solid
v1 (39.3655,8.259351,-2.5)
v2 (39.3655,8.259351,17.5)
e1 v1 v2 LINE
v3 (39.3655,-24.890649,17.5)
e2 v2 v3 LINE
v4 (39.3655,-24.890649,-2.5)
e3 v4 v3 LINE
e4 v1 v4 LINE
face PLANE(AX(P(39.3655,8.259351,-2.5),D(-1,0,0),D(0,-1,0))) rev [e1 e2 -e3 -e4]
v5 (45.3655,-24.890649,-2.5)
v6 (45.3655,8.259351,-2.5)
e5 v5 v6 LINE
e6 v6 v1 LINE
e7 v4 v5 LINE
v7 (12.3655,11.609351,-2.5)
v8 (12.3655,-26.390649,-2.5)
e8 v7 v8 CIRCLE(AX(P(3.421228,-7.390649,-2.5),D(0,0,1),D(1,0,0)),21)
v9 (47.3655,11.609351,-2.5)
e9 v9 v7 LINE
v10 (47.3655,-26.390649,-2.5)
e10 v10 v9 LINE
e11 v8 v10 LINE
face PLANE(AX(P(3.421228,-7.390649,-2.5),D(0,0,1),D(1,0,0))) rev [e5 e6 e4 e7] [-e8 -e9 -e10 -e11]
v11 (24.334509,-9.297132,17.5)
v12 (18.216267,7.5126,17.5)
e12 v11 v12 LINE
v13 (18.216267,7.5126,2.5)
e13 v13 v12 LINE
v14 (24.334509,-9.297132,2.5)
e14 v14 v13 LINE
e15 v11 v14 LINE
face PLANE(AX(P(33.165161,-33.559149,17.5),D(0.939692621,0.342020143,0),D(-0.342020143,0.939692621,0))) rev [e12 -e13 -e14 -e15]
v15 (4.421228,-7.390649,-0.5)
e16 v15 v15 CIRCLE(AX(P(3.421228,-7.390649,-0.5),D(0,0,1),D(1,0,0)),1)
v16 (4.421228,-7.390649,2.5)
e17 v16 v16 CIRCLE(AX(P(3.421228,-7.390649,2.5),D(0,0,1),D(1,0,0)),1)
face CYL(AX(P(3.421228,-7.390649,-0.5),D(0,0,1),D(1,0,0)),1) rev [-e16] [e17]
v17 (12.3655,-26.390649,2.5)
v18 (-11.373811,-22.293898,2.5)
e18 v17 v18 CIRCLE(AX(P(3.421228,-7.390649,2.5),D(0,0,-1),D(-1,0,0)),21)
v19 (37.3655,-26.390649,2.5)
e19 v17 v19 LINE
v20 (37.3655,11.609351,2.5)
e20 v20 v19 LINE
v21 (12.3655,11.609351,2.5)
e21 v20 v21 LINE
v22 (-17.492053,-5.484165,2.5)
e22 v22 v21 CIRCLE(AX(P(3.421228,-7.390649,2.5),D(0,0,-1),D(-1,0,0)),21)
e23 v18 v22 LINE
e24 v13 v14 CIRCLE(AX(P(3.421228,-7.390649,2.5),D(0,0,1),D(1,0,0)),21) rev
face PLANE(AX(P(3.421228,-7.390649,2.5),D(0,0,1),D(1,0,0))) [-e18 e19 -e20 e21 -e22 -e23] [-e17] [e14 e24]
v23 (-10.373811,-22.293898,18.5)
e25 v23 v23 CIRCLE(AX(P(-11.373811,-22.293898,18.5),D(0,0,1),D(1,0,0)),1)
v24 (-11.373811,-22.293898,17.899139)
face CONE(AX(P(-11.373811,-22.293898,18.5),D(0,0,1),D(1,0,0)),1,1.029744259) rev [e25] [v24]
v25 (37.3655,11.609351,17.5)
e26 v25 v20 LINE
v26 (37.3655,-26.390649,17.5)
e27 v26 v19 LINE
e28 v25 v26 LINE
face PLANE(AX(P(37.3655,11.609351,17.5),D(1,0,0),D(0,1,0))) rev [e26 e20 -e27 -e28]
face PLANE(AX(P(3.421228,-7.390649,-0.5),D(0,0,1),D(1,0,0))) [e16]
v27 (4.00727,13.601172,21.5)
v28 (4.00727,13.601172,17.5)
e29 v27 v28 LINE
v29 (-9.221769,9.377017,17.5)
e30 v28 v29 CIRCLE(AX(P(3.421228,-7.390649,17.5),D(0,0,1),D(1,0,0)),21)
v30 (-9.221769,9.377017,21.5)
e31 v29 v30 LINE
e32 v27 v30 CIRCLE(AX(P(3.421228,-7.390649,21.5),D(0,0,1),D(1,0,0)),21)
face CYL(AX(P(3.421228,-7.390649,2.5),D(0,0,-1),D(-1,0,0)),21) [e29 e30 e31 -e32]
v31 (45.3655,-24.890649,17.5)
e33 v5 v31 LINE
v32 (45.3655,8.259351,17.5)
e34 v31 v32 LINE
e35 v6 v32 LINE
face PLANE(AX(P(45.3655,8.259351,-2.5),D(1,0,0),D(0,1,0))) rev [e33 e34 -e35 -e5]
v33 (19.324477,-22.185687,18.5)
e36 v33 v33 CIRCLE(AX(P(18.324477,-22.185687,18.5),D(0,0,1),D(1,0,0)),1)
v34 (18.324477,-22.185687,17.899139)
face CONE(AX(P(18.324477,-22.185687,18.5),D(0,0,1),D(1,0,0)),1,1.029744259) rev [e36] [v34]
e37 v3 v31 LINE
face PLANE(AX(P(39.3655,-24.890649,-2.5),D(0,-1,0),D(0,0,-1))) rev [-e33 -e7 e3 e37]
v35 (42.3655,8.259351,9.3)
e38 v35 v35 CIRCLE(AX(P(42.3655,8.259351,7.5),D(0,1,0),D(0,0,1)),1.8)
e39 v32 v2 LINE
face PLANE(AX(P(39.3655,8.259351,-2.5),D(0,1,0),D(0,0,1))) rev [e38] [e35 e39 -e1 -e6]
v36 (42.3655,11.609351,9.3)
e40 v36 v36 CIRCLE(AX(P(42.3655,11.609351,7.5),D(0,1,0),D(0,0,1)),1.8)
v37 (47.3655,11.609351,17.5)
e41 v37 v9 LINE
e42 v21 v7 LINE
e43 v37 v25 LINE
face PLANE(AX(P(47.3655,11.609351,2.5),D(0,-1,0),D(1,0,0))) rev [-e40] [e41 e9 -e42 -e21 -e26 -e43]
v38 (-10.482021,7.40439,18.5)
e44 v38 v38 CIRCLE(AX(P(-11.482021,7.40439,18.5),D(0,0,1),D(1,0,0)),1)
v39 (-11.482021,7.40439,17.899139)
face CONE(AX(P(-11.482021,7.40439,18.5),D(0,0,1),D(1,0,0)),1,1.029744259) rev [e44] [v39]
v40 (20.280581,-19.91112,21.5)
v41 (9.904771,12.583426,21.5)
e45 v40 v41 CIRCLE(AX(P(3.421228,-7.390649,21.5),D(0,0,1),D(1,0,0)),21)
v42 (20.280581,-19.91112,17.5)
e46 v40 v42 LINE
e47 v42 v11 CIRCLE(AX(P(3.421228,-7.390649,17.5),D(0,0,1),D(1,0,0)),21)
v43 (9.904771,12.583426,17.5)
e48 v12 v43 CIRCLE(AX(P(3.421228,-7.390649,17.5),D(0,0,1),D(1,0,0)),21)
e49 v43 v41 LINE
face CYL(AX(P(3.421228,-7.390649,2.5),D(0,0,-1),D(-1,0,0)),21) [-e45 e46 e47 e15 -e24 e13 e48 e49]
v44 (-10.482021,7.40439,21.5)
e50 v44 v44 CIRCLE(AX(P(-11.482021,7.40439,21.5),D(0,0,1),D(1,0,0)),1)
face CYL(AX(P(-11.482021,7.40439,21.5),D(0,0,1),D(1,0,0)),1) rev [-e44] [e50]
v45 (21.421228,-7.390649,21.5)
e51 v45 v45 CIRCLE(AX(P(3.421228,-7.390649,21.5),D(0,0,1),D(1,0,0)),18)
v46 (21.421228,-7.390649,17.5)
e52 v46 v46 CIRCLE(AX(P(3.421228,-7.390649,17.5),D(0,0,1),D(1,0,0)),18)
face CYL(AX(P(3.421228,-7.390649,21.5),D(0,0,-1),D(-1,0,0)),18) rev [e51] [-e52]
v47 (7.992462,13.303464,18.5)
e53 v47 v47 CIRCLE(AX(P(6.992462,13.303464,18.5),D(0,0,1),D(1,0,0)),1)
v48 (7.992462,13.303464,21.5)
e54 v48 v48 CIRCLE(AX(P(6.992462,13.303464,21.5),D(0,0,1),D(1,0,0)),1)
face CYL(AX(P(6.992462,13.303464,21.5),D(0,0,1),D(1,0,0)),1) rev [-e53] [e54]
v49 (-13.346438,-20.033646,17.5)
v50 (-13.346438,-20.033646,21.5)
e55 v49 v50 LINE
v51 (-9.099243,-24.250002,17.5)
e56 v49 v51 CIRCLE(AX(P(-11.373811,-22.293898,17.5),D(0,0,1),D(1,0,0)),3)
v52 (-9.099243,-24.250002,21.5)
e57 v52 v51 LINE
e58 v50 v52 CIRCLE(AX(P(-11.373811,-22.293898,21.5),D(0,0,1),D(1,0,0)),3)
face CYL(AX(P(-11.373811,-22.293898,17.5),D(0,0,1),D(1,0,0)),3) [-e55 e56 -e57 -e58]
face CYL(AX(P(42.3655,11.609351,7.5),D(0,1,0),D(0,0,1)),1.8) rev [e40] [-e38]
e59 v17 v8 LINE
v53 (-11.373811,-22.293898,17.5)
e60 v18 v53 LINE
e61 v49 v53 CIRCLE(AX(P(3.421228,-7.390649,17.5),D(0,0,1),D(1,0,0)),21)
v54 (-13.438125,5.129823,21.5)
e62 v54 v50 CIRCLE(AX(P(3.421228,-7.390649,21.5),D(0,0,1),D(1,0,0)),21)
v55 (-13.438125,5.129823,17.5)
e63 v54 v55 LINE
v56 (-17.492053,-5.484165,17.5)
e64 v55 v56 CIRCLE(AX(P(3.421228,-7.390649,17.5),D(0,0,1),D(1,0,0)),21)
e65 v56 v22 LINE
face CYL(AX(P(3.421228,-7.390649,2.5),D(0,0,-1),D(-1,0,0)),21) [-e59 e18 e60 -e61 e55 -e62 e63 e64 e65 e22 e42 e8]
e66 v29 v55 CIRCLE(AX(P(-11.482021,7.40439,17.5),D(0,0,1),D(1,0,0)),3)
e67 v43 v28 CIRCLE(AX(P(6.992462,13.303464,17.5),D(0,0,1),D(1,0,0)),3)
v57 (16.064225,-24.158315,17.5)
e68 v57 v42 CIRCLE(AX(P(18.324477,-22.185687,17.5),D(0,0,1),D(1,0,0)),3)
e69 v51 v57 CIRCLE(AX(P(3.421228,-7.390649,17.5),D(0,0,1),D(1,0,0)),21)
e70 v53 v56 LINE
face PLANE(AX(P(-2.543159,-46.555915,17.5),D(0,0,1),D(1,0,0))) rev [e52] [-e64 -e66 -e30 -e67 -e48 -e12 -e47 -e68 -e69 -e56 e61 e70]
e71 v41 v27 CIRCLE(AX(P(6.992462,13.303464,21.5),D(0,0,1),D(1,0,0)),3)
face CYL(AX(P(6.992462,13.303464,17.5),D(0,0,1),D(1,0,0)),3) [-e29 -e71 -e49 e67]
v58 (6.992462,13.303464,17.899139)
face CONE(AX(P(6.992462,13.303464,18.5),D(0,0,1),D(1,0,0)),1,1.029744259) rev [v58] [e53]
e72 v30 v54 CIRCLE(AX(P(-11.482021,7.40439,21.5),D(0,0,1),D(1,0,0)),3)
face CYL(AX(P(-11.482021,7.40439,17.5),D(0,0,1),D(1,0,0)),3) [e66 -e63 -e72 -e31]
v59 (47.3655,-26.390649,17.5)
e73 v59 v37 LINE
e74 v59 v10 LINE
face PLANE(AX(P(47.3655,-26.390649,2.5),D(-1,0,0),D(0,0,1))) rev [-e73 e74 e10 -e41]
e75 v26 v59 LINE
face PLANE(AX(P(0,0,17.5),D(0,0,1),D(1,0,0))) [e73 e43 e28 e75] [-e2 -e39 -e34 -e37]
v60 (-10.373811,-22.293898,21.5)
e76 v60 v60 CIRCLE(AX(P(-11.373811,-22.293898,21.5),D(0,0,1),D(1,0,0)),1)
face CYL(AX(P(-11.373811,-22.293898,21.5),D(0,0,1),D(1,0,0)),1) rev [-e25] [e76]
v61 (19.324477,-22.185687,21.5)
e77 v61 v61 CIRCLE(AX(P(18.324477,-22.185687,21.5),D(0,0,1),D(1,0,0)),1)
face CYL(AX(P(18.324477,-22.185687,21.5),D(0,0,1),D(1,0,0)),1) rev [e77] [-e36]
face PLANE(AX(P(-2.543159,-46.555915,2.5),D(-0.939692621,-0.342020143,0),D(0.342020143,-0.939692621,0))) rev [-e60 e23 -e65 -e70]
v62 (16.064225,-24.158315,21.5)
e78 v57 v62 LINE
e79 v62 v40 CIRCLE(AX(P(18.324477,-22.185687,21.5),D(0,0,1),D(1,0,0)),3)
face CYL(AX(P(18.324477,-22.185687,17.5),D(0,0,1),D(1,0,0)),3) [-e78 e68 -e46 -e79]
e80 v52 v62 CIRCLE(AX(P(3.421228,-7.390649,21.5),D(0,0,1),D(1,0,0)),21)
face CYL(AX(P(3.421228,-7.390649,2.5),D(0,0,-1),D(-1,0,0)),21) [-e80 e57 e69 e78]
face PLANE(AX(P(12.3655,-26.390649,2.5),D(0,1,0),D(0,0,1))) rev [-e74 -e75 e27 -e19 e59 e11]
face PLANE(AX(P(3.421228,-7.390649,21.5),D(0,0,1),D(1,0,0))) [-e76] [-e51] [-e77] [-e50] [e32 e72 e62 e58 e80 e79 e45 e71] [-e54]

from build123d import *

# Parameters (mm, degrees)
ESTRUSIONE_ESTRUSIONE1_DEPTH = 2.5
SCHIZZO2_W                   = 10
SCHIZZO2_H                   = 38
ESTRUSIONE_ESTRUSIONE2_DEPTH = 15
SCHIZZO3_W                   = 6
SCHIZZO3_H                   = 33.15
TAGLIO_ESTRUSIONE1_DEPTH     = 20
ESTRUSIONE_SOTTILE1_START    = 19
SCHIZZO5_R                   = 21
SCHIZZO5_R_2                 = 18
ESTRUSIONE_SOTTILE1_DEPTH    = 19
SCHIZZO8_W                   = 38
SCHIZZO8_H                   = 15
TAGLIO_ESTRUSIONE2_DEPTH     = 70.157520353
SCHIZZO10_R                  = 3
ESTRUSIONE_ESTRUSIONE3_DEPTH = 4
FORO_PER_VITE_M1_6_1_D       = 2
FORO_PER_VITE_M1_6_1_DEPTH   = 3
FORO_PER_VITE_M1_6_1_TIP     = 0.600860619
SCHIZZO12_R                  = 1
TAGLIO_ESTRUSIONE3_DEPTH     = 3
FORO_PER_VITE_M3_1_D         = 3.6
FORO_PER_VITE_M3_1_DEPTH     = 4
FORO_PER_VITE_M3_1_TIP       = 1.081549114


with BuildPart() as part:
    # Schizzo1 → Estrusione-Estrusione1 (new, symmetric)
    with BuildSketch(Plane.XY):
        with BuildLine():
            Line((12.36549987, -26.390648792), (47.36549987, -26.390648792))
            Line((47.36549987, -26.390648792), (47.36549987, 11.609351208))
            Line((47.36549987, 11.609351208), (12.36549987, 11.609351208))
            ThreePointArc((12.36549987, 11.609351208), (-17.57877204, -7.390648792), (12.36549987, -26.390648792))
        make_face()
    extrude(amount=ESTRUSIONE_ESTRUSIONE1_DEPTH, both=True)

    # Schizzo2 → Estrusione-Estrusione2 (add)
    with BuildSketch(Plane.XY.offset(2.5)):
        with Locations((42.36549987, -7.390648792)):
            Rectangle(SCHIZZO2_W, SCHIZZO2_H)
    extrude(amount=ESTRUSIONE_ESTRUSIONE2_DEPTH)

    # Schizzo3 → Taglio-Estrusione1 (cut)
    with BuildSketch(Plane.XY.offset(17.5)):
        with Locations((42.36549987, -8.315648792)):
            Rectangle(SCHIZZO3_W, SCHIZZO3_H)
    extrude(amount=-TAGLIO_ESTRUSIONE1_DEPTH, mode=Mode.SUBTRACT)

    # Schizzo5 → Estrusione-Sottile1 (add)
    with BuildSketch(Plane.XY.offset(2.5).offset(ESTRUSIONE_SOTTILE1_START)):
        with Locations((3.42122796, -7.390648792)):
            Circle(SCHIZZO5_R)
        with Locations((3.42122796, -7.390648792)):
            Circle(SCHIZZO5_R_2, mode=Mode.SUBTRACT)
    extrude(amount=-ESTRUSIONE_SOTTILE1_DEPTH)

    # Schizzo8 → Taglio-Estrusione2 (cut, through all)
    with BuildSketch(Plane(origin=(-4.406906628, 12.10787645, 0), x_dir=(0.9396926207859102, 0.3420201433256638, 0), z_dir=(-0.3420201433256638, 0.9396926207859102, 0))):
        with Locations((0.687151909, -10)):
            Rectangle(SCHIZZO8_W, SCHIZZO8_H)
    extrude(amount=-TAGLIO_ESTRUSIONE2_DEPTH, mode=Mode.SUBTRACT)

    # Schizzo10 → Estrusione-Estrusione3 (add)
    with BuildSketch(Plane.XY.offset(21.5)):
        with Locations((-11.482021075, 7.404389842)):
            Circle(SCHIZZO10_R)
        with Locations((18.324476995, -22.185687427)):
            Circle(SCHIZZO10_R)
        with Locations((-11.373810674, -22.293897828)):
            Circle(SCHIZZO10_R)
        with Locations((6.992461631, 13.303463657)):
            Circle(SCHIZZO10_R)
    extrude(amount=-ESTRUSIONE_ESTRUSIONE3_DEPTH)

    # Foro per Vite M1.6-1
    with Locations(Plane(origin=(6.992461631, 13.303463657, 21.5), x_dir=(1, 0, 0), z_dir=(0, 0, 1))):
        with Locations((0, 0), (-18.474482706, -5.899073815), (-18.366272305, -35.597361485), (11.332015364, -35.489151084)):
            Hole(FORO_PER_VITE_M1_6_1_D / 2, depth=FORO_PER_VITE_M1_6_1_DEPTH)
            with Locations((0, 0, -(FORO_PER_VITE_M1_6_1_DEPTH + FORO_PER_VITE_M1_6_1_TIP / 2))):  # 118° drill point
                Cone(0, FORO_PER_VITE_M1_6_1_D / 2, FORO_PER_VITE_M1_6_1_TIP, mode=Mode.SUBTRACT)

    # Schizzo12 → Taglio-Estrusione3 (cut)
    with BuildSketch(Plane.XY.offset(2.5)):
        with Locations((3.42122796, -7.390648792)):
            Circle(SCHIZZO12_R)
    extrude(amount=-TAGLIO_ESTRUSIONE3_DEPTH, mode=Mode.SUBTRACT)

    # Foro per Vite M3-1
    with Locations(Plane(origin=(42.36549987, 11.609351208, 7.5), x_dir=(1, 0, 0), z_dir=(0, 1, 0))):
        with Locations((0, 0)):
            Hole(FORO_PER_VITE_M3_1_D / 2, depth=FORO_PER_VITE_M3_1_DEPTH)
            with Locations((0, 0, -(FORO_PER_VITE_M3_1_DEPTH + FORO_PER_VITE_M3_1_TIP / 2))):  # 118° drill point
                Cone(0, FORO_PER_VITE_M3_1_D / 2, FORO_PER_VITE_M3_1_TIP, mode=Mode.SUBTRACT)


solid = part.part
